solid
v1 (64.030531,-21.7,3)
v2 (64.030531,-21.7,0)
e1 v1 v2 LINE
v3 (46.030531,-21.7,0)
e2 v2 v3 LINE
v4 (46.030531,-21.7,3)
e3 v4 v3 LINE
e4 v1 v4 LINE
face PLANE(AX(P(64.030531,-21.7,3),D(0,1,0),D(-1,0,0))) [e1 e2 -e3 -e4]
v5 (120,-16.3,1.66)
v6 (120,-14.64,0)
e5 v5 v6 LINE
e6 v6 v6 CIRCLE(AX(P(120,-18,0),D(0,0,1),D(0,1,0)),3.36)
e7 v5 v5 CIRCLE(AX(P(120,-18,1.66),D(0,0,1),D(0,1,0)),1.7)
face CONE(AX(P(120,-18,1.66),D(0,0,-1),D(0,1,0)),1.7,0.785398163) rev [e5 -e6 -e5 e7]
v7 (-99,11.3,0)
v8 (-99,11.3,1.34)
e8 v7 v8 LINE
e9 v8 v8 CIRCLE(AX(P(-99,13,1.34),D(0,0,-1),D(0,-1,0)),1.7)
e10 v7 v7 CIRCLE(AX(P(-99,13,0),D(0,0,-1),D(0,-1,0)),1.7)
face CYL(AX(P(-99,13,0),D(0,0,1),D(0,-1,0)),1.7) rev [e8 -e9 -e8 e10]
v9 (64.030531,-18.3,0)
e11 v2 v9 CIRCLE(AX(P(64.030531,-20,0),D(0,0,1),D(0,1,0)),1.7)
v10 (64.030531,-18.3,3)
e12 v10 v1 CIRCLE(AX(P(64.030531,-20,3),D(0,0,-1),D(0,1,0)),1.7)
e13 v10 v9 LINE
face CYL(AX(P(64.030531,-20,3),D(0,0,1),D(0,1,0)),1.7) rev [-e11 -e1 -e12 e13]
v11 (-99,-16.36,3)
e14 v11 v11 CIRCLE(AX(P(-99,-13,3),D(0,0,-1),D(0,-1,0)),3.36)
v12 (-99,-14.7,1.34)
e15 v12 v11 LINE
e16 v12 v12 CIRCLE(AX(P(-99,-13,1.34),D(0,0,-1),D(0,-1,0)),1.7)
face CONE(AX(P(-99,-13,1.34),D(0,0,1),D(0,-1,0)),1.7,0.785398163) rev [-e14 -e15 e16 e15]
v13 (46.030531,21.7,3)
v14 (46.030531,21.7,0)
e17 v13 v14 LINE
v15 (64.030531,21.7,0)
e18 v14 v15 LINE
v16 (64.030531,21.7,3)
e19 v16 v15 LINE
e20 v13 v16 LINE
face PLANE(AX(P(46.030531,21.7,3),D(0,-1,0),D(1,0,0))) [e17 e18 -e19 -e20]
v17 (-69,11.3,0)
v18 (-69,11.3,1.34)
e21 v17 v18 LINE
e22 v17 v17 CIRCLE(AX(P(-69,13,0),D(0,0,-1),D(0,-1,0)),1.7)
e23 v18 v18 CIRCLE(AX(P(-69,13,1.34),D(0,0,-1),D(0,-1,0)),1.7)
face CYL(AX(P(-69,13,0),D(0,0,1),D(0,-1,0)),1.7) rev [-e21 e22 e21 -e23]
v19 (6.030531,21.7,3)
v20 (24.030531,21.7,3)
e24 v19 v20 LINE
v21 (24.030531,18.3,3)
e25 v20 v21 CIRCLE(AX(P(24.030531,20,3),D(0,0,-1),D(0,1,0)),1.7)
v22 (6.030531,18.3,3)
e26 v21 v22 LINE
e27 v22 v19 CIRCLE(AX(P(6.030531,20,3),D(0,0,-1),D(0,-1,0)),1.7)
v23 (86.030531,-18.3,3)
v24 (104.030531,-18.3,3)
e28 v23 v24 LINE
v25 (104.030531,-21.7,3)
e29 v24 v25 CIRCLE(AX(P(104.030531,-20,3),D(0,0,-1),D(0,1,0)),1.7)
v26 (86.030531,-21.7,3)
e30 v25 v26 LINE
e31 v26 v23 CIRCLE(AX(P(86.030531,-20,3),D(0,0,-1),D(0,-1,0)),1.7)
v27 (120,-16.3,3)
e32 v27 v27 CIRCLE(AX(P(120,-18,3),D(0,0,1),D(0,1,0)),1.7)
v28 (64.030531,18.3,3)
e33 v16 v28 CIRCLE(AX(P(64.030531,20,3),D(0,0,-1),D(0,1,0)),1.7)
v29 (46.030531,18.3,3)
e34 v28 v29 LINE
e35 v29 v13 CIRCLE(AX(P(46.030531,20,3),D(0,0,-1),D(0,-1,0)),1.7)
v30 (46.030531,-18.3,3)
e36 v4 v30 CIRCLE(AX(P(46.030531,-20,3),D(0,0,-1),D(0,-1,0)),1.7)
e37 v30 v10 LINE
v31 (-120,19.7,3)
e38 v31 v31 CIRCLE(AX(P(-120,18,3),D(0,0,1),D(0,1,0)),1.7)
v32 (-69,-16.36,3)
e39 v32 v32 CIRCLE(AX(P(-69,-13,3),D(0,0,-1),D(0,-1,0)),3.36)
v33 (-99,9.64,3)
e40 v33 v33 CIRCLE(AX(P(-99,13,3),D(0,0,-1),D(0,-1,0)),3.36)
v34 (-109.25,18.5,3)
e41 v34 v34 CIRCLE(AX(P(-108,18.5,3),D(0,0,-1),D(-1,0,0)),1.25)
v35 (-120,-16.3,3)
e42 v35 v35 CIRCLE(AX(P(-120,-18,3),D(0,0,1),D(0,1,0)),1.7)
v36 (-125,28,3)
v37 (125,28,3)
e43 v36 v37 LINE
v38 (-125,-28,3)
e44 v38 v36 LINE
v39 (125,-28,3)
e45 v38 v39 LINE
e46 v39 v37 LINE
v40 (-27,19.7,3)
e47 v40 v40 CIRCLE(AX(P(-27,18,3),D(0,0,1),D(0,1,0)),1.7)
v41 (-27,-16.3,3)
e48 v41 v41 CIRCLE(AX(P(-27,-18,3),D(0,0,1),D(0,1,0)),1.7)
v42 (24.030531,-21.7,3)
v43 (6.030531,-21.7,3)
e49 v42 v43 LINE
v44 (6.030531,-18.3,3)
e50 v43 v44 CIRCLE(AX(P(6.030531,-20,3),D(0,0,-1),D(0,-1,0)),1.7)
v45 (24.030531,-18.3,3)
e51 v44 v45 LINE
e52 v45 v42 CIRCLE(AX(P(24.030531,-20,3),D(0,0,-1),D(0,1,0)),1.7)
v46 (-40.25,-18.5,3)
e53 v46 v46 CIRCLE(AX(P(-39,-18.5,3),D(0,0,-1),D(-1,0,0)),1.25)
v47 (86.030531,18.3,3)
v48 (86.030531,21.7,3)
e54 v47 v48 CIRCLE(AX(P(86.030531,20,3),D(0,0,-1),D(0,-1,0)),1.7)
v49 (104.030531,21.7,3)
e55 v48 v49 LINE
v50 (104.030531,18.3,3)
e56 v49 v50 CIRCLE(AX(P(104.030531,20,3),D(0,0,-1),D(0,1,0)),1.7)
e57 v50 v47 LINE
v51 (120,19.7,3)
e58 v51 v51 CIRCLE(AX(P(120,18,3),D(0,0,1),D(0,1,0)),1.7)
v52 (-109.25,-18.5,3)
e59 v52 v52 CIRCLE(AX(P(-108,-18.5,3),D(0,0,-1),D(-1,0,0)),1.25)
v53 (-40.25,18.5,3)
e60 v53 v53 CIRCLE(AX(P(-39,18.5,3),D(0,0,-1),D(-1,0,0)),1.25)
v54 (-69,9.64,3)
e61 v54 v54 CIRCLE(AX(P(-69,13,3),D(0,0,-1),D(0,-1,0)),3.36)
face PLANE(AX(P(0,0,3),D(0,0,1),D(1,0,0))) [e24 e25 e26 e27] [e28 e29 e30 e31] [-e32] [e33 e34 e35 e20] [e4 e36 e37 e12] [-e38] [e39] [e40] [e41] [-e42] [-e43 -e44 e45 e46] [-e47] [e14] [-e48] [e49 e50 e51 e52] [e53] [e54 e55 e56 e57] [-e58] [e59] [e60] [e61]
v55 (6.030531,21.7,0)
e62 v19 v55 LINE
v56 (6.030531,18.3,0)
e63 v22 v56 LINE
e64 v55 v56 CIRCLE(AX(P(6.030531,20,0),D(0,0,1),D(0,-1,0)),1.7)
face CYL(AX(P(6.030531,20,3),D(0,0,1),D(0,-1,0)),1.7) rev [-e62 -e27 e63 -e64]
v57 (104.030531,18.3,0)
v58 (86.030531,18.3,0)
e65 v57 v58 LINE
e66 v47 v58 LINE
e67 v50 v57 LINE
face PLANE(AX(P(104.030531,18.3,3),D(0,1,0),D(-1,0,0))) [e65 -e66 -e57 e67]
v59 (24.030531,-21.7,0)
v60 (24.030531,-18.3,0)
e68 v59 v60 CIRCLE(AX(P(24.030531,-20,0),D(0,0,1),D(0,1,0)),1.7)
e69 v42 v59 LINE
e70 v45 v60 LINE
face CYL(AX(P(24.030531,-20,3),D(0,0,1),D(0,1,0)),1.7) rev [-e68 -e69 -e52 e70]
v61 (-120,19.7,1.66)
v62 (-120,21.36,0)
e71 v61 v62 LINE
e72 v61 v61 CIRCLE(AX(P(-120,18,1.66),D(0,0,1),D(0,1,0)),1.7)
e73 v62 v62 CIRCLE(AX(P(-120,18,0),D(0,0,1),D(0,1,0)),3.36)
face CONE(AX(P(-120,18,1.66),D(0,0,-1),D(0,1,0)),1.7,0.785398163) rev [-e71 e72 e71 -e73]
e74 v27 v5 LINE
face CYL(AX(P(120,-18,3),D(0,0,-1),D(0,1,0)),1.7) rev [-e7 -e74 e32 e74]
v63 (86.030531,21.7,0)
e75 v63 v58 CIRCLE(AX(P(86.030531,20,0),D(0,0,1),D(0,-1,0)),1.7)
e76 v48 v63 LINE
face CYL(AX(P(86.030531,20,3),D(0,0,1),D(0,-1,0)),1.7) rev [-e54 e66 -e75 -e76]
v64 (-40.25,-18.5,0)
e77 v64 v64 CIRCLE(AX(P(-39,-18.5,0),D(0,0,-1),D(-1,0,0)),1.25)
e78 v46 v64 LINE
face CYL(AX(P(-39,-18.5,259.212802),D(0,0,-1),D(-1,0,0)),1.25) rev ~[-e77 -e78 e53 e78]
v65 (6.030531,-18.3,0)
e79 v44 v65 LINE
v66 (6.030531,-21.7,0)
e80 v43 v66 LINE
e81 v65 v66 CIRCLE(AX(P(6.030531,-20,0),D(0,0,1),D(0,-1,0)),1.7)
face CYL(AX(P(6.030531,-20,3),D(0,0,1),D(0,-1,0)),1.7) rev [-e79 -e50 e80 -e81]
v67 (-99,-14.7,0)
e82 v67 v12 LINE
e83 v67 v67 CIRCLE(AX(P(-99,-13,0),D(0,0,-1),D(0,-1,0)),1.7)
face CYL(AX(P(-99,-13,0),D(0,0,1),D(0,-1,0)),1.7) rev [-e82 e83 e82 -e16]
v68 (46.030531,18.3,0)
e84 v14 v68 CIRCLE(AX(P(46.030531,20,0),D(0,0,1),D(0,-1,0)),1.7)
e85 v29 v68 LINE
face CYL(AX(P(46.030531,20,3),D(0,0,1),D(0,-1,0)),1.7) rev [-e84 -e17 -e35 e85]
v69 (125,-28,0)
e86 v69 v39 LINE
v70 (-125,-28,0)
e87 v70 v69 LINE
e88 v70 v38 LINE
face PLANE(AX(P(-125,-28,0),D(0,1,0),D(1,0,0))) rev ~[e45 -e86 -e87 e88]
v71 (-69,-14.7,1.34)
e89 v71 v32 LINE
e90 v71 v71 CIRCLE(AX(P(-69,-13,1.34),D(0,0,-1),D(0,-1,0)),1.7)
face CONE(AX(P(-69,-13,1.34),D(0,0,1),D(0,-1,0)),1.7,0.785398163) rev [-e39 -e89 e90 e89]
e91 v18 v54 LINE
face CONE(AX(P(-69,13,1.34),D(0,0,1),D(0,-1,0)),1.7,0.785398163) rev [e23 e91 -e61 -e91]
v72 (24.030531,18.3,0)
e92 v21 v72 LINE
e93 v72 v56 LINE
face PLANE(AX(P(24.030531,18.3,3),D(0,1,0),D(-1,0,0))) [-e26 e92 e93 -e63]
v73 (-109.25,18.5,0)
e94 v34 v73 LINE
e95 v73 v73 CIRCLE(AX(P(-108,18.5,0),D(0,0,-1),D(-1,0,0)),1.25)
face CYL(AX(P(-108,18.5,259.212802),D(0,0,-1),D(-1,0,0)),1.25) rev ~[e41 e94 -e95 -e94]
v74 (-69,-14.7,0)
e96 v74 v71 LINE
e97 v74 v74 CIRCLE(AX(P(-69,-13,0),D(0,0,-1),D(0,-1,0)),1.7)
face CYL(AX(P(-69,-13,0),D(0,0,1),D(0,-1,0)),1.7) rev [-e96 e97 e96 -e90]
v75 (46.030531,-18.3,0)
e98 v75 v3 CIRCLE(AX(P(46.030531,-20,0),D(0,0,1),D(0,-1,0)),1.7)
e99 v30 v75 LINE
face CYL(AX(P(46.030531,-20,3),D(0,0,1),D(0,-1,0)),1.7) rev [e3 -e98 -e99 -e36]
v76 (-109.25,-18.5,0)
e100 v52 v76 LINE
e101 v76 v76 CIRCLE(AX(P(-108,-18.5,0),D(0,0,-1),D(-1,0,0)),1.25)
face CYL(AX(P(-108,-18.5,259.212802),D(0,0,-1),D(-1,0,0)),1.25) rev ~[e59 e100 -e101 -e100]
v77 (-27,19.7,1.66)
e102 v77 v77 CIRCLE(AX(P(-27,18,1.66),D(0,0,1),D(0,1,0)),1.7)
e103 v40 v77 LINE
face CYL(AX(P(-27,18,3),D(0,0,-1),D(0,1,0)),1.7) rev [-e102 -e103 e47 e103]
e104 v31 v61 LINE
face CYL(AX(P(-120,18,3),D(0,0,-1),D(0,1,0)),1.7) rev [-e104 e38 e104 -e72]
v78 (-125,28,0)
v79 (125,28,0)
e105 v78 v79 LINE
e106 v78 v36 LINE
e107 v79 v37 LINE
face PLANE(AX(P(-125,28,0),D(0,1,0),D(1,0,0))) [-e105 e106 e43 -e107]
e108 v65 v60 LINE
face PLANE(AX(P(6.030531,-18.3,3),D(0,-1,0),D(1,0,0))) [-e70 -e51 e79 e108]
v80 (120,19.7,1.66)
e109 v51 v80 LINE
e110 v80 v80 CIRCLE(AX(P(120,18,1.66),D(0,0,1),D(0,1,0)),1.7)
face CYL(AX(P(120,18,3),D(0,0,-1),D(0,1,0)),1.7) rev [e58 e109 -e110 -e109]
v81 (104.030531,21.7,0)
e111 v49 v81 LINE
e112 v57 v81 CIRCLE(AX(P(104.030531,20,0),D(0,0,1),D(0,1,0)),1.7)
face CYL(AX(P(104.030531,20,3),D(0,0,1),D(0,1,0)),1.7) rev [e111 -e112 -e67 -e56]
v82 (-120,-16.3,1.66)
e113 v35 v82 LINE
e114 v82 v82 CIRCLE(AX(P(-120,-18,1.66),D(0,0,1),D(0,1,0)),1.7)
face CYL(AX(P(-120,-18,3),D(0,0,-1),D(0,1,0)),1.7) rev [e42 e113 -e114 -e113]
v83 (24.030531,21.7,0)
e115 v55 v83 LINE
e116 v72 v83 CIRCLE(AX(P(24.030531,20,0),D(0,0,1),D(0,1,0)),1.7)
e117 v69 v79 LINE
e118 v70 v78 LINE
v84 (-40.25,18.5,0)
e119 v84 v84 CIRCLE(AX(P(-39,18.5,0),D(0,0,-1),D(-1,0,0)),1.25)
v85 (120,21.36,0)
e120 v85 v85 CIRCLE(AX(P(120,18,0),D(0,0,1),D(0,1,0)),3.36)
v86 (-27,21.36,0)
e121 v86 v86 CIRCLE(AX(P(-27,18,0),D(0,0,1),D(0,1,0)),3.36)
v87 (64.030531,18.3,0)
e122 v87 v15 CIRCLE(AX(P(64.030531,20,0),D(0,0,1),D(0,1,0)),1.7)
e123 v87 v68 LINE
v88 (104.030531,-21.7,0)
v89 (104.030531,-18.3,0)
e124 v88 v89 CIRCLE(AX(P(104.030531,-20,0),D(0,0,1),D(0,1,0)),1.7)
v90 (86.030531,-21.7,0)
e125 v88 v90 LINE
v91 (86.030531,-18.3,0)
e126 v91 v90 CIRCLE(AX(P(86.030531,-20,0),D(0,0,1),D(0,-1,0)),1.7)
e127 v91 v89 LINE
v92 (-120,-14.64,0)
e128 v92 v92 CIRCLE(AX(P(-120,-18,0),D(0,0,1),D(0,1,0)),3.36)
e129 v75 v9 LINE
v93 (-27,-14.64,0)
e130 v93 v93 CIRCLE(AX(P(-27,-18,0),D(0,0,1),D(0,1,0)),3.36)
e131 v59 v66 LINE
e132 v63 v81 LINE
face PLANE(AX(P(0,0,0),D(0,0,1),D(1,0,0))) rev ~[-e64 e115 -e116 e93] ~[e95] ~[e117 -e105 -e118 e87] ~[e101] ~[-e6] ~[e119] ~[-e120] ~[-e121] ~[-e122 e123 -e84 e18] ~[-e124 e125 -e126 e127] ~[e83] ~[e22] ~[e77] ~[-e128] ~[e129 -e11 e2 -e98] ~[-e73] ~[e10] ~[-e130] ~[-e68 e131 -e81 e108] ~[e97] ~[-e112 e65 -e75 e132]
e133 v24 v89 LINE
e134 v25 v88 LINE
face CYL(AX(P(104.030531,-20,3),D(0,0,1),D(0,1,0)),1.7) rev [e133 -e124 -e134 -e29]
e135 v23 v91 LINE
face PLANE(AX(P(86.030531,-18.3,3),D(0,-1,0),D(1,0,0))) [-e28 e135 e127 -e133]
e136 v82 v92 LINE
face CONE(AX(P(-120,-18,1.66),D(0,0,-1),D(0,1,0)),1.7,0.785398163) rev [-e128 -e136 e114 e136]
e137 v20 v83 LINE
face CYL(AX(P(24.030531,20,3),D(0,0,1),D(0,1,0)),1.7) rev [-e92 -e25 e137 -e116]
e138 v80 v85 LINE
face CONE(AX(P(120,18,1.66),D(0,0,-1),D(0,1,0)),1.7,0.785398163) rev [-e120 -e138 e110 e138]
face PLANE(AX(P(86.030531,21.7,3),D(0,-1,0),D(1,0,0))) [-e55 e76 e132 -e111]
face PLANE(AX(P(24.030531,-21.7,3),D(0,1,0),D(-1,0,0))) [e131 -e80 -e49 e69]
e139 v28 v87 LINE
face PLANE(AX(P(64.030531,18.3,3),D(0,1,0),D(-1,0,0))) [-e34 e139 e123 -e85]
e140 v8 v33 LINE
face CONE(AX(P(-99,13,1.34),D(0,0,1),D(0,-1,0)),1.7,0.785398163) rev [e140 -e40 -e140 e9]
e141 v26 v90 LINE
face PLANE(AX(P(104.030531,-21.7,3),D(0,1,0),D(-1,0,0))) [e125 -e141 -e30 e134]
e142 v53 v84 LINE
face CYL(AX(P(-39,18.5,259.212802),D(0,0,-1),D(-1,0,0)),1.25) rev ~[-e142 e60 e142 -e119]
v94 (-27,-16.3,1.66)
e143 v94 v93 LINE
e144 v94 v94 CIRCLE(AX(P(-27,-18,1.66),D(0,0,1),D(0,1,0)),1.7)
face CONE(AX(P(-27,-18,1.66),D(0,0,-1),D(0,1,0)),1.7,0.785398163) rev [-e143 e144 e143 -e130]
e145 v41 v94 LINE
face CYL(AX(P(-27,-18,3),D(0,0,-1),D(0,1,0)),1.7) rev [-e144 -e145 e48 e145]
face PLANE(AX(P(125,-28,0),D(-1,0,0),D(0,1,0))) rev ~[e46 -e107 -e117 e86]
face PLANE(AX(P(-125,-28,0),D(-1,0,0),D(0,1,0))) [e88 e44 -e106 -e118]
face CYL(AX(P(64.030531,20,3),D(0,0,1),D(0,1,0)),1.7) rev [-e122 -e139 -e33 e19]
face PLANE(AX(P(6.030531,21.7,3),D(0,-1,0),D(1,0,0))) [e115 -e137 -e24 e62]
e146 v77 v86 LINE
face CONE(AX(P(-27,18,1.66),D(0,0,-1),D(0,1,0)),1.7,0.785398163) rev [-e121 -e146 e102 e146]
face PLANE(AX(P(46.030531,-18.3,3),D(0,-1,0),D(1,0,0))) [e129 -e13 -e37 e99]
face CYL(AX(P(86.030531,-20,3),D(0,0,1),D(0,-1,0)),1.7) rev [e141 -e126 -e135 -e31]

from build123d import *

# Parameters (mm, degrees)
SKETCH_1_W                 = 250
SKETCH_1_H                 = 56
EXTRUDE_1_DEPTH            = 3
HOLE_WIZARD_M32_AT_2_COUNT = 2
HOLE_WIZARD_M32_AT_2_PITCH = 26
HOLE_WIZARD_M32_AT_3_COUNT = 2
HOLE_WIZARD_M32_AT_3_PITCH = 39.698866483
HOLE_WIZARD_M32_AT_4_COUNT = 2
HOLE_WIZARD_M32_AT_4_PITCH = 30
HOLE_WIZARD_M31_AT_2_COUNT = 2
HOLE_WIZARD_M31_AT_2_PITCH = 36
HOLE_WIZARD_M31_AT_3_COUNT = 2
HOLE_WIZARD_M31_AT_3_PITCH = 240
HOLE_WIZARD_M31_AT_4_COUNT = 2
HOLE_WIZARD_M31_AT_4_PITCH = 242.684980994
HOLE_WIZARD_M31_AT_5_COUNT = 2
HOLE_WIZARD_M31_AT_5_PITCH = 93
HOLE_WIZARD_M31_AT_6_COUNT = 2
HOLE_WIZARD_M31_AT_6_PITCH = 99.724620832
CUT_EXTRUDE_3_DEPTH        = 129.132743668
M3X0_51_D                  = 2.5


with BuildPart() as part:
    # Эскиз1 → Бобышка-Вытянуть1 (new body)
    with BuildSketch(Plane.XY):
        Rectangle(SKETCH_1_W, SKETCH_1_H)
    extrude(amount=EXTRUDE_1_DEPTH)

    # Эскиз8 → Зенковка для  винта с потайной головкой с внутренним шестигранником M32 (revolve, cut)
    with BuildSketch(Plane(origin=(-99, 13, 3), x_dir=(0, -1, 0), z_dir=(1, 0, 0))):
        Polygon((0, 0), (0, 3), (1.7, 3), (1.7, 1.66), (3.36, 0), align=None)
    hole_wizard_m32 = revolve(axis=Axis((-99, 13, 9.35), (0, 0, -1)), mode=Mode.SUBTRACT)

    # Зенковка для  винта с потайной головкой с внутренним шестигранником M32 at 2: Зенковка для  винта с потайной головкой с внутренним шестигранником M32 ×2
    with Locations(*[(0, -i * HOLE_WIZARD_M32_AT_2_PITCH, 0) for i in range(1, HOLE_WIZARD_M32_AT_2_COUNT)]):
        add(hole_wizard_m32, mode=Mode.SUBTRACT)

    # Зенковка для  винта с потайной головкой с внутренним шестигранником M32 at 3: Зенковка для  винта с потайной головкой с внутренним шестигранником M32 ×2
    with Locations(*[Vector(0.7556890827898176, -0.6549305384178419, 0) * (i * HOLE_WIZARD_M32_AT_3_PITCH) for i in range(1, HOLE_WIZARD_M32_AT_3_COUNT)]):
        add(hole_wizard_m32, mode=Mode.SUBTRACT)

    # Зенковка для  винта с потайной головкой с внутренним шестигранником M32 at 4: Зенковка для  винта с потайной головкой с внутренним шестигранником M32 ×2
    with Locations(*[(i * HOLE_WIZARD_M32_AT_4_PITCH, 0, 0) for i in range(1, HOLE_WIZARD_M32_AT_4_COUNT)]):
        add(hole_wizard_m32, mode=Mode.SUBTRACT)

    # Эскиз5 → Зенковка для  винта с потайной головкой с внутренним шестигранником M31 (revolve, cut)
    with BuildSketch(Plane(origin=(-120, 18, 0), x_dir=(0, 1, 0), z_dir=(1, 0, 0))):
        Polygon((0, 0), (0, 3), (1.7, 3), (1.7, 1.66), (3.36, 0), align=None)
    hole_wizard_m31 = revolve(axis=Axis((-120, 18, -6.35), (0, 0, 1)), mode=Mode.SUBTRACT)

    # Зенковка для  винта с потайной головкой с внутренним шестигранником M31 at 2: Зенковка для  винта с потайной головкой с внутренним шестигранником M31 ×2
    with Locations(*[(0, -i * HOLE_WIZARD_M31_AT_2_PITCH, 0) for i in range(1, HOLE_WIZARD_M31_AT_2_COUNT)]):
        add(hole_wizard_m31, mode=Mode.SUBTRACT)

    # Зенковка для  винта с потайной головкой с внутренним шестигранником M31 at 3: Зенковка для  винта с потайной головкой с внутренним шестигранником M31 ×2
    with Locations(*[(i * HOLE_WIZARD_M31_AT_3_PITCH, 0, 0) for i in range(1, HOLE_WIZARD_M31_AT_3_COUNT)]):
        add(hole_wizard_m31, mode=Mode.SUBTRACT)

    # Зенковка для  винта с потайной головкой с внутренним шестигранником M31 at 4: Зенковка для  винта с потайной головкой с внутренним шестигранником M31 ×2
    with Locations(*[Vector(0.9889363528682976, -0.14834045293024464, 0) * (i * HOLE_WIZARD_M31_AT_4_PITCH) for i in range(1, HOLE_WIZARD_M31_AT_4_COUNT)]):
        add(hole_wizard_m31, mode=Mode.SUBTRACT)

    # Зенковка для  винта с потайной головкой с внутренним шестигранником M31 at 5: Зенковка для  винта с потайной головкой с внутренним шестигранником M31 ×2
    with Locations(*[(i * HOLE_WIZARD_M31_AT_5_PITCH, 0, 0) for i in range(1, HOLE_WIZARD_M31_AT_5_COUNT)]):
        add(hole_wizard_m31, mode=Mode.SUBTRACT)

    # Зенковка для  винта с потайной головкой с внутренним шестигранником M31 at 6: Зенковка для  винта с потайной головкой с внутренним шестигранником M31 ×2
    with Locations(*[Vector(0.9325680982740896, -0.36099410255771214, 0) * (i * HOLE_WIZARD_M31_AT_6_PITCH) for i in range(1, HOLE_WIZARD_M31_AT_6_COUNT)]):
        add(hole_wizard_m31, mode=Mode.SUBTRACT)

    # Эскиз7 → Вырез-Вытянуть3 (cut, through all)
    with BuildSketch(Plane.XY.offset(3)):
        with BuildLine():
            Line((6.030531049, 21.7), (24.030531049, 21.7))
            ThreePointArc((24.030531049, 21.7), (25.730531049, 20), (24.030531049, 18.3))
            Line((24.030531049, 18.3), (6.030531049, 18.3))
            ThreePointArc((6.030531049, 18.3), (4.330531049, 20), (6.030531049, 21.7))
        make_face()
        with BuildLine():
            Line((46.030531049, 21.7), (64.030531049, 21.7))
            ThreePointArc((64.030531049, 21.7), (65.730531049, 20), (64.030531049, 18.3))
            Line((64.030531049, 18.3), (46.030531049, 18.3))
            ThreePointArc((46.030531049, 18.3), (44.330531049, 20), (46.030531049, 21.7))
        make_face()
        with BuildLine():
            Line((86.030531049, 21.7), (104.030531049, 21.7))
            ThreePointArc((104.030531049, 21.7), (105.730531049, 20), (104.030531049, 18.3))
            Line((104.030531049, 18.3), (86.030531049, 18.3))
            ThreePointArc((86.030531049, 18.3), (84.330531049, 20), (86.030531049, 21.7))
        make_face()
        with BuildLine():
            Line((6.030531049, -18.3), (24.030531049, -18.3))
            ThreePointArc((24.030531049, -18.3), (25.730531049, -20), (24.030531049, -21.7))
            Line((24.030531049, -21.7), (6.030531049, -21.7))
            ThreePointArc((6.030531049, -21.7), (4.330531049, -20), (6.030531049, -18.3))
        make_face()
        with BuildLine():
            Line((46.030531049, -18.3), (64.030531049, -18.3))
            ThreePointArc((64.030531049, -18.3), (65.730531049, -20), (64.030531049, -21.7))
            Line((64.030531049, -21.7), (46.030531049, -21.7))
            ThreePointArc((46.030531049, -21.7), (44.330531049, -20), (46.030531049, -18.3))
        make_face()
        with BuildLine():
            Line((86.030531049, -18.3), (104.030531049, -18.3))
            ThreePointArc((104.030531049, -18.3), (105.730531049, -20), (104.030531049, -21.7))
            Line((104.030531049, -21.7), (86.030531049, -21.7))
            ThreePointArc((86.030531049, -21.7), (84.330531049, -20), (86.030531049, -18.3))
        make_face()
    extrude(amount=-CUT_EXTRUDE_3_DEPTH, mode=Mode.SUBTRACT)

    # Отверстие обработанное метчиком M3x0.51 (through all)
    with Locations(Plane.XY.offset(3)):
        with Locations((-108, 18.5), (-108, -18.5), (-39, -18.5), (-39, 18.5)):
            Hole(M3X0_51_D / 2)


solid = part.part
